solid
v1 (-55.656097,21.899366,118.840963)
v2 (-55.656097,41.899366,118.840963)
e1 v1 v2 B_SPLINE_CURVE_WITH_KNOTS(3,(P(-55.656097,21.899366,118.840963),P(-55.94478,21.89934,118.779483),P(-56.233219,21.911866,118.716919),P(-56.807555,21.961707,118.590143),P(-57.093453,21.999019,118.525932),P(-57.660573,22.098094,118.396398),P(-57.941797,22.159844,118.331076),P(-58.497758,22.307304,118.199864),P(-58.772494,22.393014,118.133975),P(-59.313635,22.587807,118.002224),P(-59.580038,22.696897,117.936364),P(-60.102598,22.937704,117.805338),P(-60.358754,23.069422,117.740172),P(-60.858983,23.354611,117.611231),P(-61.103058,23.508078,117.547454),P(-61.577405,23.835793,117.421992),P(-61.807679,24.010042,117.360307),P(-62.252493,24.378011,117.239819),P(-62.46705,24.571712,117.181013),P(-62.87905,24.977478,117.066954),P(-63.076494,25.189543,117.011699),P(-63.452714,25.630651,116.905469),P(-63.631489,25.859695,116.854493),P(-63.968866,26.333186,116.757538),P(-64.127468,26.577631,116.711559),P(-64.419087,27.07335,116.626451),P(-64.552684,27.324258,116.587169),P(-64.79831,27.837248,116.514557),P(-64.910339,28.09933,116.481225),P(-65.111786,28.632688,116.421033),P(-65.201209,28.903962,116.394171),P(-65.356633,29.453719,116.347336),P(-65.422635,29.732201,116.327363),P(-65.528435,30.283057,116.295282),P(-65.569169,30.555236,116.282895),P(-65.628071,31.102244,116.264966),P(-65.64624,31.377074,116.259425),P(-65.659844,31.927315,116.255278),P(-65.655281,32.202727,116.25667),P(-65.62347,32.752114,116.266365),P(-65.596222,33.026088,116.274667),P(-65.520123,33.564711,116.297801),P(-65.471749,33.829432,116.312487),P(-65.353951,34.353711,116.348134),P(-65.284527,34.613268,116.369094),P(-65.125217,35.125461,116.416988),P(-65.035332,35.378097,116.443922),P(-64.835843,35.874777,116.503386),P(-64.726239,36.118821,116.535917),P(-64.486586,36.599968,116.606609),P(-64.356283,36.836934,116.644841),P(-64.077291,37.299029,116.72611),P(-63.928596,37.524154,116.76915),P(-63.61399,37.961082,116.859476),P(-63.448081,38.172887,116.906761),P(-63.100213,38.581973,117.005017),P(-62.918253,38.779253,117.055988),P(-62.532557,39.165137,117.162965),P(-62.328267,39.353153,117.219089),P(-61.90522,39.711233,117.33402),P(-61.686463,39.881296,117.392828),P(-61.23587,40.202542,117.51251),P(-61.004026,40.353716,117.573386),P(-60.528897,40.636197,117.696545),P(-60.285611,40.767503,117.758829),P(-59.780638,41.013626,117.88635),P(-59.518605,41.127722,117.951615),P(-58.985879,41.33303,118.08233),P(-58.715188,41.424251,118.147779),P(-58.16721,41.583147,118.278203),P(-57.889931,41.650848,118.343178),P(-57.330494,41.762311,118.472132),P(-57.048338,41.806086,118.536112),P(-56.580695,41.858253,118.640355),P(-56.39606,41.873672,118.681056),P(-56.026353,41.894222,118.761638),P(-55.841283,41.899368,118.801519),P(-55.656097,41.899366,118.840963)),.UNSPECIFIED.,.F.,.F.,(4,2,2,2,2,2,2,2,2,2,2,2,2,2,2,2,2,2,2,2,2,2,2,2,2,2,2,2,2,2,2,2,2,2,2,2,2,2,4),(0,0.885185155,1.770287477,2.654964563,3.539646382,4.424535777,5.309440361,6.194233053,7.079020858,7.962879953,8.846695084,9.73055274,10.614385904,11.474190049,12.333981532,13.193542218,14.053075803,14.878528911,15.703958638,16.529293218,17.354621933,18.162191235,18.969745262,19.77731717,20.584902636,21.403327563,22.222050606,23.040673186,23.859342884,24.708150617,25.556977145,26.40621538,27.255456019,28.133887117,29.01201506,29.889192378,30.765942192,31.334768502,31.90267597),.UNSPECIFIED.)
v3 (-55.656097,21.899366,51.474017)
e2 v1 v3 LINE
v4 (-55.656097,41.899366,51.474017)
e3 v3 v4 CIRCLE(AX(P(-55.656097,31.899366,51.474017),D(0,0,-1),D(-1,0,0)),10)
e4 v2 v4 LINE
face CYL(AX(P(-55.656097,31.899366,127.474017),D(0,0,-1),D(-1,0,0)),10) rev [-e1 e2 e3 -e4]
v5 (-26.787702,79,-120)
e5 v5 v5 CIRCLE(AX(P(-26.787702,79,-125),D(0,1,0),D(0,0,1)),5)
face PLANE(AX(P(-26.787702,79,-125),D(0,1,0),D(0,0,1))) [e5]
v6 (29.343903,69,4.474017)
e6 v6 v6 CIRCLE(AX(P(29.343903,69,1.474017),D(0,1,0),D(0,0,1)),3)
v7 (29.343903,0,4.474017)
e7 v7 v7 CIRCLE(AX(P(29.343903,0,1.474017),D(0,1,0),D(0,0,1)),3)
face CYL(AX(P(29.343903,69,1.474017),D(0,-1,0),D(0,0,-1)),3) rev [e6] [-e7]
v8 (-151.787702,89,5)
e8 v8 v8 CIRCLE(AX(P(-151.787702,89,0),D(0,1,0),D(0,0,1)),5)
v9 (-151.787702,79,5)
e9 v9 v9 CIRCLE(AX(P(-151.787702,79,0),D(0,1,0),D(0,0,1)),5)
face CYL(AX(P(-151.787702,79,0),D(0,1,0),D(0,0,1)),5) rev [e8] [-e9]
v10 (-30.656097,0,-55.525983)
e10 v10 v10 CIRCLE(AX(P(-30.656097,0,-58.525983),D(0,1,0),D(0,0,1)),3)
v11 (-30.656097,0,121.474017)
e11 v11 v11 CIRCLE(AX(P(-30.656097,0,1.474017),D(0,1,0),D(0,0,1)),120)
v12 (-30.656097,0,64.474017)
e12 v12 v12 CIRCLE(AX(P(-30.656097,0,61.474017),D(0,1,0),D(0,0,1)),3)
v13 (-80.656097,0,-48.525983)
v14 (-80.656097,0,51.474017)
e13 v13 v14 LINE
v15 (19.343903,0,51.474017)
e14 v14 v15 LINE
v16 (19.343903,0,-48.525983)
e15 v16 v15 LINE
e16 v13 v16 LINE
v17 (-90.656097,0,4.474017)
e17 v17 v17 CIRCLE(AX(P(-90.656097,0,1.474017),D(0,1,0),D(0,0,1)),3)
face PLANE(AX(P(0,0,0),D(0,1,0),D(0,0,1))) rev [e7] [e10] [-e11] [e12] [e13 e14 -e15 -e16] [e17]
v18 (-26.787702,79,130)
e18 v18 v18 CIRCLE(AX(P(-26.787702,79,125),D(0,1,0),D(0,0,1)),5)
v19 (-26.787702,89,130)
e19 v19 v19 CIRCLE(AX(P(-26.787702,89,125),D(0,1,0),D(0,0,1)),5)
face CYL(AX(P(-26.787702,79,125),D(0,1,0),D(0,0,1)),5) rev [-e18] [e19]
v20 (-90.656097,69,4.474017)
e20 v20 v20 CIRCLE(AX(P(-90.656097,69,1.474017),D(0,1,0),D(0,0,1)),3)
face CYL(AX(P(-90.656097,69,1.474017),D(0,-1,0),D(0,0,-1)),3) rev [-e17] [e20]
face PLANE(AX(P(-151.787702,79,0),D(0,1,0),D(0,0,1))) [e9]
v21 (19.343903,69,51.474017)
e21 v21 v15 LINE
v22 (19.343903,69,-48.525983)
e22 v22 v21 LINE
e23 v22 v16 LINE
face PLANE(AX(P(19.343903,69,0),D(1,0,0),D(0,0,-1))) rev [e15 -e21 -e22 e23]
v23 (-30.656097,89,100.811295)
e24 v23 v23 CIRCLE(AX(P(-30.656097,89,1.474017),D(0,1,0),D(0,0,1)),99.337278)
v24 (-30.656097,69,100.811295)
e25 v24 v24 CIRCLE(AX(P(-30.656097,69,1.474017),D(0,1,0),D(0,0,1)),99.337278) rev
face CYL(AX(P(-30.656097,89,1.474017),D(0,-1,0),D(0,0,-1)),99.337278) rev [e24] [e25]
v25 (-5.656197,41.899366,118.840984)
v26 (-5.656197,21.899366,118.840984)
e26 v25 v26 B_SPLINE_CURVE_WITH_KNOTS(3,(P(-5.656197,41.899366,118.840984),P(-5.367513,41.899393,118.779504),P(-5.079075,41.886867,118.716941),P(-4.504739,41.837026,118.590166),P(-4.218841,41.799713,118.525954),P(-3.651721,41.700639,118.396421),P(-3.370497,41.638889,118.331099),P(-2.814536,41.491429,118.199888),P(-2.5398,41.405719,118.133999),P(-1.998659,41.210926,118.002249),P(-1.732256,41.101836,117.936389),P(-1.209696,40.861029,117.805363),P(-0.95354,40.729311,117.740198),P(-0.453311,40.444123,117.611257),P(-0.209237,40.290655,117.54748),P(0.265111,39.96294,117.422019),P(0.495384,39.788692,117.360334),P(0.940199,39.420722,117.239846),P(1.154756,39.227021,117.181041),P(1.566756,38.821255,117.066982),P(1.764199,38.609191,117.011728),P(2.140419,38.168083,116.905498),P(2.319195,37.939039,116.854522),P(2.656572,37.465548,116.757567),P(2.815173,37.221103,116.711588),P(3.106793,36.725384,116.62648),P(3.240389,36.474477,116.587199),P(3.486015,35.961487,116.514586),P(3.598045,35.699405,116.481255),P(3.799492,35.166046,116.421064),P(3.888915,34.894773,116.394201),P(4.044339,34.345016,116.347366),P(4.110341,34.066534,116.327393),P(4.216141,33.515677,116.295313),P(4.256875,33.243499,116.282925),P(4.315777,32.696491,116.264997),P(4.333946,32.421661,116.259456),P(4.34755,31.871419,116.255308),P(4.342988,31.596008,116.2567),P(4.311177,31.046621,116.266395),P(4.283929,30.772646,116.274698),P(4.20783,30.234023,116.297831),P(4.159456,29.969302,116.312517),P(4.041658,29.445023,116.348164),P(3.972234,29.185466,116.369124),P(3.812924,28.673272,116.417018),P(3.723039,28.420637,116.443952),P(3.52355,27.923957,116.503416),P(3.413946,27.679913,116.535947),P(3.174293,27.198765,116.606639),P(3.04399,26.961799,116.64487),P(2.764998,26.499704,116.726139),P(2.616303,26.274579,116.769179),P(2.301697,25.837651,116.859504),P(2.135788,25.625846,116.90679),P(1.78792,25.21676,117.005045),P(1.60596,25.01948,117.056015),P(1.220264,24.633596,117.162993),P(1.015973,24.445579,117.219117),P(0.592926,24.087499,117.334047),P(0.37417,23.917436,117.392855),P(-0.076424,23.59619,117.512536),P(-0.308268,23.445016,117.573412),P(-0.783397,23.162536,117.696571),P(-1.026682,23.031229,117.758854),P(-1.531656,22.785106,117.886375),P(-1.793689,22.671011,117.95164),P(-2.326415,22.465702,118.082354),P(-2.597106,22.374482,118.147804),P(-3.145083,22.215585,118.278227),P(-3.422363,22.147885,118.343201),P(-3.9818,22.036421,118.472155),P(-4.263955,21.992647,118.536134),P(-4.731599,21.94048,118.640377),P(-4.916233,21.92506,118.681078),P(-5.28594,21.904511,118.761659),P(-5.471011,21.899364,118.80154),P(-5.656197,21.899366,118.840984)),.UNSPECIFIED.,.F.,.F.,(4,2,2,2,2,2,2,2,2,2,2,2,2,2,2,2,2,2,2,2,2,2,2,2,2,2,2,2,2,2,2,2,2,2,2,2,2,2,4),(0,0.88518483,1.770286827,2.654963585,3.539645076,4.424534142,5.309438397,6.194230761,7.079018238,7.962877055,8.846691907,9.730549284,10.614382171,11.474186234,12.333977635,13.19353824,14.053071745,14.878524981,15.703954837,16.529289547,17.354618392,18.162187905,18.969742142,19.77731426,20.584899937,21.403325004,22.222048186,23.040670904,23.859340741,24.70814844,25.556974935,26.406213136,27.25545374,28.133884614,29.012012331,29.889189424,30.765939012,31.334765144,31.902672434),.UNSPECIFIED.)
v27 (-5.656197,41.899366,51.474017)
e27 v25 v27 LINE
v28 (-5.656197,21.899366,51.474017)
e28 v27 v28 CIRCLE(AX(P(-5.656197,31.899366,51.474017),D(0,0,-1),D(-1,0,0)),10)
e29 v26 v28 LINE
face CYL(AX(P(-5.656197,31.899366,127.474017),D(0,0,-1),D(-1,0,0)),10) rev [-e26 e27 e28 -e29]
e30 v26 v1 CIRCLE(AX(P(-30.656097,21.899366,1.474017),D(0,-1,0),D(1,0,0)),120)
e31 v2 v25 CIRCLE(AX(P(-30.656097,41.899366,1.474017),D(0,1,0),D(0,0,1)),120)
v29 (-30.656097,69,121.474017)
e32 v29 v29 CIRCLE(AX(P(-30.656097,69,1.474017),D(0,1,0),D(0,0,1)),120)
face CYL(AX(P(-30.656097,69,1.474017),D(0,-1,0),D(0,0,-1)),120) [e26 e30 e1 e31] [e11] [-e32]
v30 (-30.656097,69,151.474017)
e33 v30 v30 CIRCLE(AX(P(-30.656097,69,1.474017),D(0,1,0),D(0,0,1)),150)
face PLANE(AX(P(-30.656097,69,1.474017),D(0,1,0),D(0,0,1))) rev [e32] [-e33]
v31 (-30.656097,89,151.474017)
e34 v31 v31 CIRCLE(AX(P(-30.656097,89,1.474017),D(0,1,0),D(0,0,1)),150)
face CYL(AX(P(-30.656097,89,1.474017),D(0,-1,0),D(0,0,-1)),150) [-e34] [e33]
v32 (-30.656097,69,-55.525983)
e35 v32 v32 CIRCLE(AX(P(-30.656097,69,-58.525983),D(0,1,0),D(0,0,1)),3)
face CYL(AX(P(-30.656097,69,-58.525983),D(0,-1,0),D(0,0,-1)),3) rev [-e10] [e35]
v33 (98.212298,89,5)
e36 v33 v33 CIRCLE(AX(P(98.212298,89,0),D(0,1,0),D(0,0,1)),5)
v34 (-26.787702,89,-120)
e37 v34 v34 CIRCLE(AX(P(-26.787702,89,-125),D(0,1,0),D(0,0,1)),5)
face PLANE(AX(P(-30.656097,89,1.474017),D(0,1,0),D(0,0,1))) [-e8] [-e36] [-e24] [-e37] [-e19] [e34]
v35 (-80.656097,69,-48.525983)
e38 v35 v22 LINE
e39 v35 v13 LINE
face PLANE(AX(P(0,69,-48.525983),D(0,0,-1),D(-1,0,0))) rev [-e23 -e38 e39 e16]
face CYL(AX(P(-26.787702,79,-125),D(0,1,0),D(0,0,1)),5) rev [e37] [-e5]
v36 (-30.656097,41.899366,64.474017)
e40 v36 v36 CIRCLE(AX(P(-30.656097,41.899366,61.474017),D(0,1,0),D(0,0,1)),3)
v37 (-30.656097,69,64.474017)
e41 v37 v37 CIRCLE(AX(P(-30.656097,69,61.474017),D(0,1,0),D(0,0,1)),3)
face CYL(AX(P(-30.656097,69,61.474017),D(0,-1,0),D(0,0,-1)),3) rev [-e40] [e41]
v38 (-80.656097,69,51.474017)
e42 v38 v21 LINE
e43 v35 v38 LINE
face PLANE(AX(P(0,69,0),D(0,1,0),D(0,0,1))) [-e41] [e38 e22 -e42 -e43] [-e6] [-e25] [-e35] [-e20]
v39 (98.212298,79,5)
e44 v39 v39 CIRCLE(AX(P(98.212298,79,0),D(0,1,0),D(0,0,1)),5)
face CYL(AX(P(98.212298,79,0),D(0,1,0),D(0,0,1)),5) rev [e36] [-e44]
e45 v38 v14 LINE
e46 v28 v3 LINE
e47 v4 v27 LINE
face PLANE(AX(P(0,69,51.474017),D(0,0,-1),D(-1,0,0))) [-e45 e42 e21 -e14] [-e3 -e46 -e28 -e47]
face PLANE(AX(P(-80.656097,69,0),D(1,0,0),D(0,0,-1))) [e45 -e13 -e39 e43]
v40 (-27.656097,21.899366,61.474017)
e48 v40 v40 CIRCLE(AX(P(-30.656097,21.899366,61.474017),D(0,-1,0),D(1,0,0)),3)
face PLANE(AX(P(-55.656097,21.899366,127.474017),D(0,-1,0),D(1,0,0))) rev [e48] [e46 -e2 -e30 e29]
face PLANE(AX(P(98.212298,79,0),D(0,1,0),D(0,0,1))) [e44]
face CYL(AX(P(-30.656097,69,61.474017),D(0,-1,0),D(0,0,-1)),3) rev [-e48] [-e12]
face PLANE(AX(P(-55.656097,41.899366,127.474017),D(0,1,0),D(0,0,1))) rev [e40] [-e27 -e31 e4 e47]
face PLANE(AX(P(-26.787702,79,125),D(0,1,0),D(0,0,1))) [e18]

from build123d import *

# Parameters (mm, degrees)
SKETCH_1_R           = 120
SKETCH_1_R_2         = 3
SKETCH_1_W           = 100
SKETCH_1_H           = 100
EXTRUDE_3_DEPTH      = 69
SKETCH_8_R           = 150
SKETCH_8_R_2         = 99.33727818
EXTRUDE_6_DEPTH      = 20
SKETCH_9_R           = 5
CUT_EXTRUDE_11_DEPTH = 10
CUT_EXTRUDE_12_DEPTH = 76


with BuildPart() as part:
    # 草图1 → 凸台-拉伸3 (new body)
    with BuildSketch(Plane(origin=(0, 0, 0), x_dir=(1, 0, 0), z_dir=(0, 1, 0))):
        with Locations(Location((-30.656096769, -1.474017122, 0), (0, 0, 270))):
            Circle(SKETCH_1_R)
        with Locations(Location((-90.656096769, -1.474017122, 0), (0, 0, 270))):
            Circle(SKETCH_1_R_2, mode=Mode.SUBTRACT)
        with Locations(Location((29.343903231, -1.474017122, 0), (0, 0, 270))):
            Circle(SKETCH_1_R_2, mode=Mode.SUBTRACT)
        with Locations(Location((-30.656096769, -61.474017122, 0), (0, 0, 270))):
            Circle(SKETCH_1_R_2, mode=Mode.SUBTRACT)
        with Locations(Location((-30.656096769, 58.525982878, 0), (0, 0, 270))):
            Circle(SKETCH_1_R_2, mode=Mode.SUBTRACT)
        with Locations((-30.656096769, -1.474017122)):
            Rectangle(SKETCH_1_W, SKETCH_1_H, mode=Mode.SUBTRACT)
    extrude(amount=EXTRUDE_3_DEPTH)

    # 草图8 → 凸台-拉伸6 (add)
    with BuildSketch(Plane(origin=(0, 69, 0), x_dir=(1, 0, 0), z_dir=(0, 1, 0))):
        with Locations(Location((-30.656096769, -1.474017122, 0), (0, 0, 270))):
            Circle(SKETCH_8_R)
        with Locations(Location((-30.656096769, -1.474017122, 0), (0, 0, 270))):
            Circle(SKETCH_8_R_2, mode=Mode.SUBTRACT)
    extrude(amount=EXTRUDE_6_DEPTH)

    # 草图9 → 切除-拉伸11 (cut)
    with BuildSketch(Plane(origin=(0, 89, 0), x_dir=(1, 0, 0), z_dir=(0, 1, 0))):
        with Locations(Location((-26.787702046, 125, 0), (0, 0, 270))):
            Circle(SKETCH_9_R)
        with Locations(Location((98.212297954, 0, 0), (0, 0, 270))):
            Circle(SKETCH_9_R)
        with Locations(Location((-26.787702046, -125, 0), (0, 0, 270))):
            Circle(SKETCH_9_R)
        with Locations(Location((-151.787702046, 0, 0), (0, 0, 270))):
            Circle(SKETCH_9_R)
    extrude(amount=-CUT_EXTRUDE_11_DEPTH, mode=Mode.SUBTRACT)

    # 草图10 → 切除-拉伸12 (cut)
    with BuildSketch(Plane(origin=(0, 0, 51.474017122), x_dir=(-1, 0, 0), z_dir=(0, 0, -1))):
        with BuildLine():
            Line((55.656096769, 21.899366297), (5.656196663, 21.899366297))
            ThreePointArc((5.656196663, 21.899366297), (-4.343803337, 31.899366297), (5.656196663, 41.899366297))
            Line((5.656196663, 41.899366297), (55.656096769, 41.899366297))
            ThreePointArc((55.656096769, 41.899366297), (65.656096769, 31.899366297), (55.656096769, 21.899366297))
        make_face()
    extrude(amount=-CUT_EXTRUDE_12_DEPTH, mode=Mode.SUBTRACT)


solid = part.part
